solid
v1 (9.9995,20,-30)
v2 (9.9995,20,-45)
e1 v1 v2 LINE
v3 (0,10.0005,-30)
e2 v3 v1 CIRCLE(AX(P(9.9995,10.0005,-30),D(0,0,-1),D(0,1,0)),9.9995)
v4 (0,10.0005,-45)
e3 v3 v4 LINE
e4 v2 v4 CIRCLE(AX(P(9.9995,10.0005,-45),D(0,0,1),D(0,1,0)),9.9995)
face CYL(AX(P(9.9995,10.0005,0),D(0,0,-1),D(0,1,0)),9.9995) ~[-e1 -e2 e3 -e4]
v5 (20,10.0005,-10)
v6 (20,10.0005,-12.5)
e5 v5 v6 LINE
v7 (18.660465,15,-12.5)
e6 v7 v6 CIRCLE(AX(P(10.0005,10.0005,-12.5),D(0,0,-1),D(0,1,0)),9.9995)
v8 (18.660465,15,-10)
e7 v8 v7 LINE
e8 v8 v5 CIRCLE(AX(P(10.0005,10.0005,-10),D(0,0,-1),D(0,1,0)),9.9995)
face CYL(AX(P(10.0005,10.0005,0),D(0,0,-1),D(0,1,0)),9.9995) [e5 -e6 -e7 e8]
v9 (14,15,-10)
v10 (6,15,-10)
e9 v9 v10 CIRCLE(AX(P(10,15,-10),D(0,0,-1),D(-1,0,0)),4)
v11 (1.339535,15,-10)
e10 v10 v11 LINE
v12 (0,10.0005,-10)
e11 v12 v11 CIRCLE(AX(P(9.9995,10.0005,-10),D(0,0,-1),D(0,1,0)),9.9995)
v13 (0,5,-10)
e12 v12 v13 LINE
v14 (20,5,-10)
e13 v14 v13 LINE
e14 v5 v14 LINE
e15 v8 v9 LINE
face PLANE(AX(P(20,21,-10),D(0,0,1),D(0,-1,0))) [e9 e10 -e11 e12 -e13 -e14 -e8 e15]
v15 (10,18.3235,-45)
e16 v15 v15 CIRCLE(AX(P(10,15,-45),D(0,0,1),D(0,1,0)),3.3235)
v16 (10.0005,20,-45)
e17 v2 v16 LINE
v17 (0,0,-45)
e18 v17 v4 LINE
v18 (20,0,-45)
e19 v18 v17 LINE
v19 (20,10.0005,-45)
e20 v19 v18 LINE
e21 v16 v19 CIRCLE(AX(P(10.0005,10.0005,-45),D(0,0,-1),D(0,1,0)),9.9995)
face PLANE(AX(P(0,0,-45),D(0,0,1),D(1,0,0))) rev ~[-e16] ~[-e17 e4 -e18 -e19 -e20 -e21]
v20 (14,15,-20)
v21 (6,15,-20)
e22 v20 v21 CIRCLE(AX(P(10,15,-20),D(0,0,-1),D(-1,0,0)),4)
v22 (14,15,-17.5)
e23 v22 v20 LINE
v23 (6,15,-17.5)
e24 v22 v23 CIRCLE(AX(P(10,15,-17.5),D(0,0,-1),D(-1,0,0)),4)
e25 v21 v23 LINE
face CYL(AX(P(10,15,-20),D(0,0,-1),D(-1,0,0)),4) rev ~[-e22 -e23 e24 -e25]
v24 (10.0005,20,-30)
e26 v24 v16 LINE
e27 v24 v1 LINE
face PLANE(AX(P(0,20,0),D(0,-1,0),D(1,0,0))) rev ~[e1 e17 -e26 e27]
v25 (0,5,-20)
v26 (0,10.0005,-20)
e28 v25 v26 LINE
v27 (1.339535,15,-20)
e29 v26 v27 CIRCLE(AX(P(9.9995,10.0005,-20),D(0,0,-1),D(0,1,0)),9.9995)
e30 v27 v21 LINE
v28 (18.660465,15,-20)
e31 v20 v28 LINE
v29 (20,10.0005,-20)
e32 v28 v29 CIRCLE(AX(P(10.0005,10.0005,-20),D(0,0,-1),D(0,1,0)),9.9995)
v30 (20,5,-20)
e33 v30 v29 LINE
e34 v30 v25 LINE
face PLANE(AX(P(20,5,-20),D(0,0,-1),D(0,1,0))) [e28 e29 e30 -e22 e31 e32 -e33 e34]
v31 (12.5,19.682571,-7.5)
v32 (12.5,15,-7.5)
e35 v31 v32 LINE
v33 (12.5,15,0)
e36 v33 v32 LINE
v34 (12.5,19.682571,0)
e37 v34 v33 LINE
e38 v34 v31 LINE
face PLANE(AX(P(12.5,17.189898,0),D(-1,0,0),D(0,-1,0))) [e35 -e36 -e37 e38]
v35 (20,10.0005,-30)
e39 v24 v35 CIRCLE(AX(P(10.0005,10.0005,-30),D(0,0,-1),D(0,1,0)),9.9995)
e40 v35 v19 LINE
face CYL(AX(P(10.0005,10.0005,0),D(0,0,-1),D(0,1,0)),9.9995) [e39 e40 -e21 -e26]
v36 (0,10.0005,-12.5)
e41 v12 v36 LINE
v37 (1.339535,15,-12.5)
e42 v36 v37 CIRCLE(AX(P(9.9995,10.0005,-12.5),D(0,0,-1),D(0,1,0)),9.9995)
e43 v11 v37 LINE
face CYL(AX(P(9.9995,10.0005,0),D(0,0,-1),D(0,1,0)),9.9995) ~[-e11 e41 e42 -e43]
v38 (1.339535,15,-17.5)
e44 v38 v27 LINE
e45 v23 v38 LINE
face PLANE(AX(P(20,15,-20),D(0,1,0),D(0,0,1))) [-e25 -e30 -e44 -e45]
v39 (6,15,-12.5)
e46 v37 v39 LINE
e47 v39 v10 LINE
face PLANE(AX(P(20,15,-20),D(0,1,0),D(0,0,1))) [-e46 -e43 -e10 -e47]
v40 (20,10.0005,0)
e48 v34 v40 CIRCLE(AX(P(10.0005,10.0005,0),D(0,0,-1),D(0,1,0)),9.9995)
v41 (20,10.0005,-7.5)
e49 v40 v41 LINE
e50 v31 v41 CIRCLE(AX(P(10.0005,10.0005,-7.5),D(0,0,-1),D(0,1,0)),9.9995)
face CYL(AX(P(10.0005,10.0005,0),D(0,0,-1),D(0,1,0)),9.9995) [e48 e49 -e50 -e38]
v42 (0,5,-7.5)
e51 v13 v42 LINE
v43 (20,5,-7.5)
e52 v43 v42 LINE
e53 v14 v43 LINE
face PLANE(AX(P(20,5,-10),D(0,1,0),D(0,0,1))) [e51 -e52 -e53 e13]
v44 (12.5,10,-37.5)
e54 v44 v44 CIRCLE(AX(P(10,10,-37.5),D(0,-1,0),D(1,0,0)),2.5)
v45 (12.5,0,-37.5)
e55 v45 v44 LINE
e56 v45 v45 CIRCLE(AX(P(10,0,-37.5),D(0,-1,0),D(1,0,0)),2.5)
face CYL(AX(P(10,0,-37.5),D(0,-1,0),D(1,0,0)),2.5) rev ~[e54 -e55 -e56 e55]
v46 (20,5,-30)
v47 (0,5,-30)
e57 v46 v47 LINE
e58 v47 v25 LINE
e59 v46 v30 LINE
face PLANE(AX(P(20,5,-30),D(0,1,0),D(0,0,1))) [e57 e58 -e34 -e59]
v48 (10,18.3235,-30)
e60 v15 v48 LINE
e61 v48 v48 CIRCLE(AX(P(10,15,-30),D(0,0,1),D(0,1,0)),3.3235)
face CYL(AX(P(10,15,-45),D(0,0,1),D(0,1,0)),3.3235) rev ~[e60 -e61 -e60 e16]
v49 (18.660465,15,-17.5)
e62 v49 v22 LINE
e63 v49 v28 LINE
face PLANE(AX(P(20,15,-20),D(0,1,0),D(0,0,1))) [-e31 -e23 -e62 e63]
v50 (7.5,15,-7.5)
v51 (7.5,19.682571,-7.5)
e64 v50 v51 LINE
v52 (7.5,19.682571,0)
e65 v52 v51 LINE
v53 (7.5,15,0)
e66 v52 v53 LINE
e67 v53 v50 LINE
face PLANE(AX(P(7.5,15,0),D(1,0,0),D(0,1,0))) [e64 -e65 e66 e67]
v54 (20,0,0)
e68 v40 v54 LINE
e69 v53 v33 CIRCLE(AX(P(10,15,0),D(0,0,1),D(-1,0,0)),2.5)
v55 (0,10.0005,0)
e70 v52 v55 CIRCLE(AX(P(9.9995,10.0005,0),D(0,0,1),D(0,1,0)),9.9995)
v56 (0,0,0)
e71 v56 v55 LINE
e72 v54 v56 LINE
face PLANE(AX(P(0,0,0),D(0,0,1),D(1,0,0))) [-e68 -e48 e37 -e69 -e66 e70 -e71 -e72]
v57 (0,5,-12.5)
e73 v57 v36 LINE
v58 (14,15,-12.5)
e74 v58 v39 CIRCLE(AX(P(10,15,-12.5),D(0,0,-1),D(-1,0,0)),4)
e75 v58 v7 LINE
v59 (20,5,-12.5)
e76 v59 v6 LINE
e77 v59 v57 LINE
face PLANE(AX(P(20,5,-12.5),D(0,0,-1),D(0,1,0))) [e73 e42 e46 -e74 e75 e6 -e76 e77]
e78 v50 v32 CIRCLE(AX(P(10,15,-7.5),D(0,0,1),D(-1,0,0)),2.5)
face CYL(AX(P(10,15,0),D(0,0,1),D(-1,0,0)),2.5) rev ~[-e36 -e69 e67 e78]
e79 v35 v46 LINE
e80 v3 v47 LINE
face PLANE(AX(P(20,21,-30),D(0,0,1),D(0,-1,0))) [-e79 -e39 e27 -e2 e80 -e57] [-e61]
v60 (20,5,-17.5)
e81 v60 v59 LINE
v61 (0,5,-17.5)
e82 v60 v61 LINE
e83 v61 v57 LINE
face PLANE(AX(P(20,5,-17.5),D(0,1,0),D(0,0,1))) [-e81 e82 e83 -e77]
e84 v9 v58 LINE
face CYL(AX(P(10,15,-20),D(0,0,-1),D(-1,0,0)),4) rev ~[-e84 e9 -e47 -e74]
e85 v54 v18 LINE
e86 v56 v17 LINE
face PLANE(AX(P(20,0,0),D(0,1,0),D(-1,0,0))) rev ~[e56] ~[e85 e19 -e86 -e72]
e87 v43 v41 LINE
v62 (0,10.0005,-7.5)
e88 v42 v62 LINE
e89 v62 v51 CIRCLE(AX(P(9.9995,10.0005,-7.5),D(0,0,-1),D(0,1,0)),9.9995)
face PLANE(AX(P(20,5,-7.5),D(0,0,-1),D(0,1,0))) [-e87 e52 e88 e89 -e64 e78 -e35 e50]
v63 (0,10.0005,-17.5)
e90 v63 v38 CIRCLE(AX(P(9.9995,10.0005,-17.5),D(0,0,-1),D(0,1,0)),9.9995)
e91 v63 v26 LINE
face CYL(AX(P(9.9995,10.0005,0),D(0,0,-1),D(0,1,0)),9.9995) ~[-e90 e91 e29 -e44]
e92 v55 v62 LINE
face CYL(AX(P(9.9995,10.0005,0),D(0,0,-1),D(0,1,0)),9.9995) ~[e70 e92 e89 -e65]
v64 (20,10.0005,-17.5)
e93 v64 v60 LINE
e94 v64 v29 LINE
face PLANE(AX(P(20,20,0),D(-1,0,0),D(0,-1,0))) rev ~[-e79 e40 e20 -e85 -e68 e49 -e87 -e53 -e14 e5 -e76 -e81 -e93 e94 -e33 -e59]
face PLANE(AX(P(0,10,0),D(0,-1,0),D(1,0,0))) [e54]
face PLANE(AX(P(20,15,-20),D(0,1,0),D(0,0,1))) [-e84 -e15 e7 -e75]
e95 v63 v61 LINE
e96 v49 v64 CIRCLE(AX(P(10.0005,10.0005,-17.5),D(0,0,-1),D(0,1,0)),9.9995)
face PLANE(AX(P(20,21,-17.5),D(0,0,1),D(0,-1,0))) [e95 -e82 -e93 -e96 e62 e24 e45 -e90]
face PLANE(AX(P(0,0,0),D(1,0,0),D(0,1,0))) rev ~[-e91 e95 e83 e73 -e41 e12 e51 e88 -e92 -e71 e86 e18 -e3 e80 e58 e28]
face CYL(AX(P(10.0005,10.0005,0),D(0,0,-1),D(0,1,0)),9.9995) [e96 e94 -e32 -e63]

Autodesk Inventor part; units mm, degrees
ref_plane "YZ Plane" through (0, 0, 0) normal (1, 0, 0) x (0, 1, 0)
ref_plane "XZ Plane" through (0, 0, 0) normal (0, 1, 0) x (-1, 0, 0)
ref_plane "XY Plane" through (0, 0, 0) normal (0, 0, 1) x (1, 0, 0)
sketch "Sketch1" plane through (0, 0, 0) normal (0, 0, 1) x (1, 0, 0)
  line L0 (0, 20) -> (20, 20)
  line L1 (20, 20) -> (20, 0)
  line L2 (20, 0) -> (0, 0)
  line L3 (0, 0) -> (0, 20)
  dimension "d0" = 20
  dimension "d1" = 20
extrude "Extrusion1" add sketch "Sketch1" against normal blind 45
fillet "Fillet1" radius 10 2 edges at (0, 20, -22.5) (20, 20, -22.5)
sketch "Sketch2" plane through (20, 0, 0) normal (1, 0, 0) x (0, 0, -1)
  line L0 (20, 21) -> (30, 21)
  line L1 (30, 21) -> (30, 5)
  line L2 (30, 5) -> (20, 5)
  line L3 (20, 5) -> (20, 21)
  line L4 (12.5, 21) -> (17.5, 21)
  line L5 (17.5, 21) -> (17.5, 5)
  line L6 (17.5, 5) -> (12.5, 5)
  line L7 (12.5, 5) -> (12.5, 21)
  line L8 (7.5, 21) -> (10, 21)
  line L9 (10, 21) -> (10, 5)
  line L10 (10, 5) -> (7.5, 5)
  line L11 (7.5, 5) -> (7.5, 21)
  line L12 (45, 10) -> (45, 0) projected
  line L13 (0, 0) -> (45, 0) projected
  point P0 (25, 5)
  dimension "d5" = 15
  dimension "d6" = 25
  dimension "d7" = 27.5
  dimension "d8" = 32.5
  dimension "d9" = 35
  dimension "d10" = 37.5
  dimension "d11" = 5
  dimension "d12" = 21
extrude "Extrusion2" cut sketch "Sketch2" against normal blind 45
sketch "Sketch3" plane through (20, 0, 0) normal (1, 0, 0) x (0, 0, -1)
  line L0 (9.5, 21) -> (20.5, 21)
  line L1 (20.5, 21) -> (20.5, 15)
  line L2 (20.5, 15) -> (9.5, 15)
  line L3 (9.5, 15) -> (9.5, 21)
  line L4 (0, 0) -> (45, 0) projected
  line L5 (10, 10) -> (10, 20) projected
  line L6 (20, 20) -> (20, 10) projected
  point P0 (15, 15)
  dimension "d15" = 15
  dimension "d16" = 6
  dimension "d17" = 0.5
  dimension "d18" = 0.5
extrude "Extrusion3" cut sketch "Sketch3" against normal blind 45
sketch "Sketch4" plane through (0, 0, -45) normal (0, 0, -1) x (-1, 0, 0)
  circle A0 centre (-10, 15) radius 2
  line L0 (-20, 0) -> (0, 0) projected
  arc A1 (0, 10) -> (-20, 10) centre (-10, 10) ccw projected
  point P0 (-10, 20)
  dimension "d21" = 4
  dimension "d22" = 15
hole "Hole1" at (10, 15, -45) direction (0, 0, 1) diameter 6.647 depth 25 thread size "M8x1.25" class "6H" standard "ISO Metric profile"
sketch "Sketch5" plane through (0, 0, 0) normal (0, 0, 1) x (1, 0, 0)
  circle A0 centre (10, 15) radius 3.3235 projected
  arc A1 (7.5, 15) -> (12.5, 15) centre (10, 15) ccw
  line L0 (7.5, 21) -> (12.5, 21)
  line L1 (12.5, 21) -> (12.5, 15)
  line L2 (7.5, 15) -> (7.5, 21)
  point P0 (0, 0)
  dimension "d31" = 5
  dimension "d32" = 2.5
  dimension "d33" = 2.5
  dimension "d34" = 6
extrude "Extrusion4" cut sketch "Sketch5" against normal up to surface (10 mm away) contours L1 A1 L2 A0 | A0 L2 L0 L1 picked at (9.8656, 16.0996)
sketch "Sketch6" plane through (20, 5, -20) normal (0, 0, -1) x (-1, 0, 0)
  arc A0 (7.5, 10) -> (12.5, 10) centre (10, 10) ccw projected
  circle A1 centre (10, 10) radius 4
  point P0 (20, -5)
  dimension "d37" = 8
extrude "Extrusion5" cut sketch "Sketch6" against normal up to surface (12.5 mm away)
sketch "Sketch7" plane through (0, 0, 0) normal (0, -1, 0) x (1, 0, 0)
  circle A0 centre (10, -37.5) radius 2.5
  line L0 (20, -45) -> (0, -45) projected
  point P0 (0, 0)
  point P1 (10, -45)
  dimension "d40" = 5
  dimension "d41" = 7.5
extrude "Extrusion6" cut sketch "Sketch7" against normal blind 10
properties part number "Extractor Body"
